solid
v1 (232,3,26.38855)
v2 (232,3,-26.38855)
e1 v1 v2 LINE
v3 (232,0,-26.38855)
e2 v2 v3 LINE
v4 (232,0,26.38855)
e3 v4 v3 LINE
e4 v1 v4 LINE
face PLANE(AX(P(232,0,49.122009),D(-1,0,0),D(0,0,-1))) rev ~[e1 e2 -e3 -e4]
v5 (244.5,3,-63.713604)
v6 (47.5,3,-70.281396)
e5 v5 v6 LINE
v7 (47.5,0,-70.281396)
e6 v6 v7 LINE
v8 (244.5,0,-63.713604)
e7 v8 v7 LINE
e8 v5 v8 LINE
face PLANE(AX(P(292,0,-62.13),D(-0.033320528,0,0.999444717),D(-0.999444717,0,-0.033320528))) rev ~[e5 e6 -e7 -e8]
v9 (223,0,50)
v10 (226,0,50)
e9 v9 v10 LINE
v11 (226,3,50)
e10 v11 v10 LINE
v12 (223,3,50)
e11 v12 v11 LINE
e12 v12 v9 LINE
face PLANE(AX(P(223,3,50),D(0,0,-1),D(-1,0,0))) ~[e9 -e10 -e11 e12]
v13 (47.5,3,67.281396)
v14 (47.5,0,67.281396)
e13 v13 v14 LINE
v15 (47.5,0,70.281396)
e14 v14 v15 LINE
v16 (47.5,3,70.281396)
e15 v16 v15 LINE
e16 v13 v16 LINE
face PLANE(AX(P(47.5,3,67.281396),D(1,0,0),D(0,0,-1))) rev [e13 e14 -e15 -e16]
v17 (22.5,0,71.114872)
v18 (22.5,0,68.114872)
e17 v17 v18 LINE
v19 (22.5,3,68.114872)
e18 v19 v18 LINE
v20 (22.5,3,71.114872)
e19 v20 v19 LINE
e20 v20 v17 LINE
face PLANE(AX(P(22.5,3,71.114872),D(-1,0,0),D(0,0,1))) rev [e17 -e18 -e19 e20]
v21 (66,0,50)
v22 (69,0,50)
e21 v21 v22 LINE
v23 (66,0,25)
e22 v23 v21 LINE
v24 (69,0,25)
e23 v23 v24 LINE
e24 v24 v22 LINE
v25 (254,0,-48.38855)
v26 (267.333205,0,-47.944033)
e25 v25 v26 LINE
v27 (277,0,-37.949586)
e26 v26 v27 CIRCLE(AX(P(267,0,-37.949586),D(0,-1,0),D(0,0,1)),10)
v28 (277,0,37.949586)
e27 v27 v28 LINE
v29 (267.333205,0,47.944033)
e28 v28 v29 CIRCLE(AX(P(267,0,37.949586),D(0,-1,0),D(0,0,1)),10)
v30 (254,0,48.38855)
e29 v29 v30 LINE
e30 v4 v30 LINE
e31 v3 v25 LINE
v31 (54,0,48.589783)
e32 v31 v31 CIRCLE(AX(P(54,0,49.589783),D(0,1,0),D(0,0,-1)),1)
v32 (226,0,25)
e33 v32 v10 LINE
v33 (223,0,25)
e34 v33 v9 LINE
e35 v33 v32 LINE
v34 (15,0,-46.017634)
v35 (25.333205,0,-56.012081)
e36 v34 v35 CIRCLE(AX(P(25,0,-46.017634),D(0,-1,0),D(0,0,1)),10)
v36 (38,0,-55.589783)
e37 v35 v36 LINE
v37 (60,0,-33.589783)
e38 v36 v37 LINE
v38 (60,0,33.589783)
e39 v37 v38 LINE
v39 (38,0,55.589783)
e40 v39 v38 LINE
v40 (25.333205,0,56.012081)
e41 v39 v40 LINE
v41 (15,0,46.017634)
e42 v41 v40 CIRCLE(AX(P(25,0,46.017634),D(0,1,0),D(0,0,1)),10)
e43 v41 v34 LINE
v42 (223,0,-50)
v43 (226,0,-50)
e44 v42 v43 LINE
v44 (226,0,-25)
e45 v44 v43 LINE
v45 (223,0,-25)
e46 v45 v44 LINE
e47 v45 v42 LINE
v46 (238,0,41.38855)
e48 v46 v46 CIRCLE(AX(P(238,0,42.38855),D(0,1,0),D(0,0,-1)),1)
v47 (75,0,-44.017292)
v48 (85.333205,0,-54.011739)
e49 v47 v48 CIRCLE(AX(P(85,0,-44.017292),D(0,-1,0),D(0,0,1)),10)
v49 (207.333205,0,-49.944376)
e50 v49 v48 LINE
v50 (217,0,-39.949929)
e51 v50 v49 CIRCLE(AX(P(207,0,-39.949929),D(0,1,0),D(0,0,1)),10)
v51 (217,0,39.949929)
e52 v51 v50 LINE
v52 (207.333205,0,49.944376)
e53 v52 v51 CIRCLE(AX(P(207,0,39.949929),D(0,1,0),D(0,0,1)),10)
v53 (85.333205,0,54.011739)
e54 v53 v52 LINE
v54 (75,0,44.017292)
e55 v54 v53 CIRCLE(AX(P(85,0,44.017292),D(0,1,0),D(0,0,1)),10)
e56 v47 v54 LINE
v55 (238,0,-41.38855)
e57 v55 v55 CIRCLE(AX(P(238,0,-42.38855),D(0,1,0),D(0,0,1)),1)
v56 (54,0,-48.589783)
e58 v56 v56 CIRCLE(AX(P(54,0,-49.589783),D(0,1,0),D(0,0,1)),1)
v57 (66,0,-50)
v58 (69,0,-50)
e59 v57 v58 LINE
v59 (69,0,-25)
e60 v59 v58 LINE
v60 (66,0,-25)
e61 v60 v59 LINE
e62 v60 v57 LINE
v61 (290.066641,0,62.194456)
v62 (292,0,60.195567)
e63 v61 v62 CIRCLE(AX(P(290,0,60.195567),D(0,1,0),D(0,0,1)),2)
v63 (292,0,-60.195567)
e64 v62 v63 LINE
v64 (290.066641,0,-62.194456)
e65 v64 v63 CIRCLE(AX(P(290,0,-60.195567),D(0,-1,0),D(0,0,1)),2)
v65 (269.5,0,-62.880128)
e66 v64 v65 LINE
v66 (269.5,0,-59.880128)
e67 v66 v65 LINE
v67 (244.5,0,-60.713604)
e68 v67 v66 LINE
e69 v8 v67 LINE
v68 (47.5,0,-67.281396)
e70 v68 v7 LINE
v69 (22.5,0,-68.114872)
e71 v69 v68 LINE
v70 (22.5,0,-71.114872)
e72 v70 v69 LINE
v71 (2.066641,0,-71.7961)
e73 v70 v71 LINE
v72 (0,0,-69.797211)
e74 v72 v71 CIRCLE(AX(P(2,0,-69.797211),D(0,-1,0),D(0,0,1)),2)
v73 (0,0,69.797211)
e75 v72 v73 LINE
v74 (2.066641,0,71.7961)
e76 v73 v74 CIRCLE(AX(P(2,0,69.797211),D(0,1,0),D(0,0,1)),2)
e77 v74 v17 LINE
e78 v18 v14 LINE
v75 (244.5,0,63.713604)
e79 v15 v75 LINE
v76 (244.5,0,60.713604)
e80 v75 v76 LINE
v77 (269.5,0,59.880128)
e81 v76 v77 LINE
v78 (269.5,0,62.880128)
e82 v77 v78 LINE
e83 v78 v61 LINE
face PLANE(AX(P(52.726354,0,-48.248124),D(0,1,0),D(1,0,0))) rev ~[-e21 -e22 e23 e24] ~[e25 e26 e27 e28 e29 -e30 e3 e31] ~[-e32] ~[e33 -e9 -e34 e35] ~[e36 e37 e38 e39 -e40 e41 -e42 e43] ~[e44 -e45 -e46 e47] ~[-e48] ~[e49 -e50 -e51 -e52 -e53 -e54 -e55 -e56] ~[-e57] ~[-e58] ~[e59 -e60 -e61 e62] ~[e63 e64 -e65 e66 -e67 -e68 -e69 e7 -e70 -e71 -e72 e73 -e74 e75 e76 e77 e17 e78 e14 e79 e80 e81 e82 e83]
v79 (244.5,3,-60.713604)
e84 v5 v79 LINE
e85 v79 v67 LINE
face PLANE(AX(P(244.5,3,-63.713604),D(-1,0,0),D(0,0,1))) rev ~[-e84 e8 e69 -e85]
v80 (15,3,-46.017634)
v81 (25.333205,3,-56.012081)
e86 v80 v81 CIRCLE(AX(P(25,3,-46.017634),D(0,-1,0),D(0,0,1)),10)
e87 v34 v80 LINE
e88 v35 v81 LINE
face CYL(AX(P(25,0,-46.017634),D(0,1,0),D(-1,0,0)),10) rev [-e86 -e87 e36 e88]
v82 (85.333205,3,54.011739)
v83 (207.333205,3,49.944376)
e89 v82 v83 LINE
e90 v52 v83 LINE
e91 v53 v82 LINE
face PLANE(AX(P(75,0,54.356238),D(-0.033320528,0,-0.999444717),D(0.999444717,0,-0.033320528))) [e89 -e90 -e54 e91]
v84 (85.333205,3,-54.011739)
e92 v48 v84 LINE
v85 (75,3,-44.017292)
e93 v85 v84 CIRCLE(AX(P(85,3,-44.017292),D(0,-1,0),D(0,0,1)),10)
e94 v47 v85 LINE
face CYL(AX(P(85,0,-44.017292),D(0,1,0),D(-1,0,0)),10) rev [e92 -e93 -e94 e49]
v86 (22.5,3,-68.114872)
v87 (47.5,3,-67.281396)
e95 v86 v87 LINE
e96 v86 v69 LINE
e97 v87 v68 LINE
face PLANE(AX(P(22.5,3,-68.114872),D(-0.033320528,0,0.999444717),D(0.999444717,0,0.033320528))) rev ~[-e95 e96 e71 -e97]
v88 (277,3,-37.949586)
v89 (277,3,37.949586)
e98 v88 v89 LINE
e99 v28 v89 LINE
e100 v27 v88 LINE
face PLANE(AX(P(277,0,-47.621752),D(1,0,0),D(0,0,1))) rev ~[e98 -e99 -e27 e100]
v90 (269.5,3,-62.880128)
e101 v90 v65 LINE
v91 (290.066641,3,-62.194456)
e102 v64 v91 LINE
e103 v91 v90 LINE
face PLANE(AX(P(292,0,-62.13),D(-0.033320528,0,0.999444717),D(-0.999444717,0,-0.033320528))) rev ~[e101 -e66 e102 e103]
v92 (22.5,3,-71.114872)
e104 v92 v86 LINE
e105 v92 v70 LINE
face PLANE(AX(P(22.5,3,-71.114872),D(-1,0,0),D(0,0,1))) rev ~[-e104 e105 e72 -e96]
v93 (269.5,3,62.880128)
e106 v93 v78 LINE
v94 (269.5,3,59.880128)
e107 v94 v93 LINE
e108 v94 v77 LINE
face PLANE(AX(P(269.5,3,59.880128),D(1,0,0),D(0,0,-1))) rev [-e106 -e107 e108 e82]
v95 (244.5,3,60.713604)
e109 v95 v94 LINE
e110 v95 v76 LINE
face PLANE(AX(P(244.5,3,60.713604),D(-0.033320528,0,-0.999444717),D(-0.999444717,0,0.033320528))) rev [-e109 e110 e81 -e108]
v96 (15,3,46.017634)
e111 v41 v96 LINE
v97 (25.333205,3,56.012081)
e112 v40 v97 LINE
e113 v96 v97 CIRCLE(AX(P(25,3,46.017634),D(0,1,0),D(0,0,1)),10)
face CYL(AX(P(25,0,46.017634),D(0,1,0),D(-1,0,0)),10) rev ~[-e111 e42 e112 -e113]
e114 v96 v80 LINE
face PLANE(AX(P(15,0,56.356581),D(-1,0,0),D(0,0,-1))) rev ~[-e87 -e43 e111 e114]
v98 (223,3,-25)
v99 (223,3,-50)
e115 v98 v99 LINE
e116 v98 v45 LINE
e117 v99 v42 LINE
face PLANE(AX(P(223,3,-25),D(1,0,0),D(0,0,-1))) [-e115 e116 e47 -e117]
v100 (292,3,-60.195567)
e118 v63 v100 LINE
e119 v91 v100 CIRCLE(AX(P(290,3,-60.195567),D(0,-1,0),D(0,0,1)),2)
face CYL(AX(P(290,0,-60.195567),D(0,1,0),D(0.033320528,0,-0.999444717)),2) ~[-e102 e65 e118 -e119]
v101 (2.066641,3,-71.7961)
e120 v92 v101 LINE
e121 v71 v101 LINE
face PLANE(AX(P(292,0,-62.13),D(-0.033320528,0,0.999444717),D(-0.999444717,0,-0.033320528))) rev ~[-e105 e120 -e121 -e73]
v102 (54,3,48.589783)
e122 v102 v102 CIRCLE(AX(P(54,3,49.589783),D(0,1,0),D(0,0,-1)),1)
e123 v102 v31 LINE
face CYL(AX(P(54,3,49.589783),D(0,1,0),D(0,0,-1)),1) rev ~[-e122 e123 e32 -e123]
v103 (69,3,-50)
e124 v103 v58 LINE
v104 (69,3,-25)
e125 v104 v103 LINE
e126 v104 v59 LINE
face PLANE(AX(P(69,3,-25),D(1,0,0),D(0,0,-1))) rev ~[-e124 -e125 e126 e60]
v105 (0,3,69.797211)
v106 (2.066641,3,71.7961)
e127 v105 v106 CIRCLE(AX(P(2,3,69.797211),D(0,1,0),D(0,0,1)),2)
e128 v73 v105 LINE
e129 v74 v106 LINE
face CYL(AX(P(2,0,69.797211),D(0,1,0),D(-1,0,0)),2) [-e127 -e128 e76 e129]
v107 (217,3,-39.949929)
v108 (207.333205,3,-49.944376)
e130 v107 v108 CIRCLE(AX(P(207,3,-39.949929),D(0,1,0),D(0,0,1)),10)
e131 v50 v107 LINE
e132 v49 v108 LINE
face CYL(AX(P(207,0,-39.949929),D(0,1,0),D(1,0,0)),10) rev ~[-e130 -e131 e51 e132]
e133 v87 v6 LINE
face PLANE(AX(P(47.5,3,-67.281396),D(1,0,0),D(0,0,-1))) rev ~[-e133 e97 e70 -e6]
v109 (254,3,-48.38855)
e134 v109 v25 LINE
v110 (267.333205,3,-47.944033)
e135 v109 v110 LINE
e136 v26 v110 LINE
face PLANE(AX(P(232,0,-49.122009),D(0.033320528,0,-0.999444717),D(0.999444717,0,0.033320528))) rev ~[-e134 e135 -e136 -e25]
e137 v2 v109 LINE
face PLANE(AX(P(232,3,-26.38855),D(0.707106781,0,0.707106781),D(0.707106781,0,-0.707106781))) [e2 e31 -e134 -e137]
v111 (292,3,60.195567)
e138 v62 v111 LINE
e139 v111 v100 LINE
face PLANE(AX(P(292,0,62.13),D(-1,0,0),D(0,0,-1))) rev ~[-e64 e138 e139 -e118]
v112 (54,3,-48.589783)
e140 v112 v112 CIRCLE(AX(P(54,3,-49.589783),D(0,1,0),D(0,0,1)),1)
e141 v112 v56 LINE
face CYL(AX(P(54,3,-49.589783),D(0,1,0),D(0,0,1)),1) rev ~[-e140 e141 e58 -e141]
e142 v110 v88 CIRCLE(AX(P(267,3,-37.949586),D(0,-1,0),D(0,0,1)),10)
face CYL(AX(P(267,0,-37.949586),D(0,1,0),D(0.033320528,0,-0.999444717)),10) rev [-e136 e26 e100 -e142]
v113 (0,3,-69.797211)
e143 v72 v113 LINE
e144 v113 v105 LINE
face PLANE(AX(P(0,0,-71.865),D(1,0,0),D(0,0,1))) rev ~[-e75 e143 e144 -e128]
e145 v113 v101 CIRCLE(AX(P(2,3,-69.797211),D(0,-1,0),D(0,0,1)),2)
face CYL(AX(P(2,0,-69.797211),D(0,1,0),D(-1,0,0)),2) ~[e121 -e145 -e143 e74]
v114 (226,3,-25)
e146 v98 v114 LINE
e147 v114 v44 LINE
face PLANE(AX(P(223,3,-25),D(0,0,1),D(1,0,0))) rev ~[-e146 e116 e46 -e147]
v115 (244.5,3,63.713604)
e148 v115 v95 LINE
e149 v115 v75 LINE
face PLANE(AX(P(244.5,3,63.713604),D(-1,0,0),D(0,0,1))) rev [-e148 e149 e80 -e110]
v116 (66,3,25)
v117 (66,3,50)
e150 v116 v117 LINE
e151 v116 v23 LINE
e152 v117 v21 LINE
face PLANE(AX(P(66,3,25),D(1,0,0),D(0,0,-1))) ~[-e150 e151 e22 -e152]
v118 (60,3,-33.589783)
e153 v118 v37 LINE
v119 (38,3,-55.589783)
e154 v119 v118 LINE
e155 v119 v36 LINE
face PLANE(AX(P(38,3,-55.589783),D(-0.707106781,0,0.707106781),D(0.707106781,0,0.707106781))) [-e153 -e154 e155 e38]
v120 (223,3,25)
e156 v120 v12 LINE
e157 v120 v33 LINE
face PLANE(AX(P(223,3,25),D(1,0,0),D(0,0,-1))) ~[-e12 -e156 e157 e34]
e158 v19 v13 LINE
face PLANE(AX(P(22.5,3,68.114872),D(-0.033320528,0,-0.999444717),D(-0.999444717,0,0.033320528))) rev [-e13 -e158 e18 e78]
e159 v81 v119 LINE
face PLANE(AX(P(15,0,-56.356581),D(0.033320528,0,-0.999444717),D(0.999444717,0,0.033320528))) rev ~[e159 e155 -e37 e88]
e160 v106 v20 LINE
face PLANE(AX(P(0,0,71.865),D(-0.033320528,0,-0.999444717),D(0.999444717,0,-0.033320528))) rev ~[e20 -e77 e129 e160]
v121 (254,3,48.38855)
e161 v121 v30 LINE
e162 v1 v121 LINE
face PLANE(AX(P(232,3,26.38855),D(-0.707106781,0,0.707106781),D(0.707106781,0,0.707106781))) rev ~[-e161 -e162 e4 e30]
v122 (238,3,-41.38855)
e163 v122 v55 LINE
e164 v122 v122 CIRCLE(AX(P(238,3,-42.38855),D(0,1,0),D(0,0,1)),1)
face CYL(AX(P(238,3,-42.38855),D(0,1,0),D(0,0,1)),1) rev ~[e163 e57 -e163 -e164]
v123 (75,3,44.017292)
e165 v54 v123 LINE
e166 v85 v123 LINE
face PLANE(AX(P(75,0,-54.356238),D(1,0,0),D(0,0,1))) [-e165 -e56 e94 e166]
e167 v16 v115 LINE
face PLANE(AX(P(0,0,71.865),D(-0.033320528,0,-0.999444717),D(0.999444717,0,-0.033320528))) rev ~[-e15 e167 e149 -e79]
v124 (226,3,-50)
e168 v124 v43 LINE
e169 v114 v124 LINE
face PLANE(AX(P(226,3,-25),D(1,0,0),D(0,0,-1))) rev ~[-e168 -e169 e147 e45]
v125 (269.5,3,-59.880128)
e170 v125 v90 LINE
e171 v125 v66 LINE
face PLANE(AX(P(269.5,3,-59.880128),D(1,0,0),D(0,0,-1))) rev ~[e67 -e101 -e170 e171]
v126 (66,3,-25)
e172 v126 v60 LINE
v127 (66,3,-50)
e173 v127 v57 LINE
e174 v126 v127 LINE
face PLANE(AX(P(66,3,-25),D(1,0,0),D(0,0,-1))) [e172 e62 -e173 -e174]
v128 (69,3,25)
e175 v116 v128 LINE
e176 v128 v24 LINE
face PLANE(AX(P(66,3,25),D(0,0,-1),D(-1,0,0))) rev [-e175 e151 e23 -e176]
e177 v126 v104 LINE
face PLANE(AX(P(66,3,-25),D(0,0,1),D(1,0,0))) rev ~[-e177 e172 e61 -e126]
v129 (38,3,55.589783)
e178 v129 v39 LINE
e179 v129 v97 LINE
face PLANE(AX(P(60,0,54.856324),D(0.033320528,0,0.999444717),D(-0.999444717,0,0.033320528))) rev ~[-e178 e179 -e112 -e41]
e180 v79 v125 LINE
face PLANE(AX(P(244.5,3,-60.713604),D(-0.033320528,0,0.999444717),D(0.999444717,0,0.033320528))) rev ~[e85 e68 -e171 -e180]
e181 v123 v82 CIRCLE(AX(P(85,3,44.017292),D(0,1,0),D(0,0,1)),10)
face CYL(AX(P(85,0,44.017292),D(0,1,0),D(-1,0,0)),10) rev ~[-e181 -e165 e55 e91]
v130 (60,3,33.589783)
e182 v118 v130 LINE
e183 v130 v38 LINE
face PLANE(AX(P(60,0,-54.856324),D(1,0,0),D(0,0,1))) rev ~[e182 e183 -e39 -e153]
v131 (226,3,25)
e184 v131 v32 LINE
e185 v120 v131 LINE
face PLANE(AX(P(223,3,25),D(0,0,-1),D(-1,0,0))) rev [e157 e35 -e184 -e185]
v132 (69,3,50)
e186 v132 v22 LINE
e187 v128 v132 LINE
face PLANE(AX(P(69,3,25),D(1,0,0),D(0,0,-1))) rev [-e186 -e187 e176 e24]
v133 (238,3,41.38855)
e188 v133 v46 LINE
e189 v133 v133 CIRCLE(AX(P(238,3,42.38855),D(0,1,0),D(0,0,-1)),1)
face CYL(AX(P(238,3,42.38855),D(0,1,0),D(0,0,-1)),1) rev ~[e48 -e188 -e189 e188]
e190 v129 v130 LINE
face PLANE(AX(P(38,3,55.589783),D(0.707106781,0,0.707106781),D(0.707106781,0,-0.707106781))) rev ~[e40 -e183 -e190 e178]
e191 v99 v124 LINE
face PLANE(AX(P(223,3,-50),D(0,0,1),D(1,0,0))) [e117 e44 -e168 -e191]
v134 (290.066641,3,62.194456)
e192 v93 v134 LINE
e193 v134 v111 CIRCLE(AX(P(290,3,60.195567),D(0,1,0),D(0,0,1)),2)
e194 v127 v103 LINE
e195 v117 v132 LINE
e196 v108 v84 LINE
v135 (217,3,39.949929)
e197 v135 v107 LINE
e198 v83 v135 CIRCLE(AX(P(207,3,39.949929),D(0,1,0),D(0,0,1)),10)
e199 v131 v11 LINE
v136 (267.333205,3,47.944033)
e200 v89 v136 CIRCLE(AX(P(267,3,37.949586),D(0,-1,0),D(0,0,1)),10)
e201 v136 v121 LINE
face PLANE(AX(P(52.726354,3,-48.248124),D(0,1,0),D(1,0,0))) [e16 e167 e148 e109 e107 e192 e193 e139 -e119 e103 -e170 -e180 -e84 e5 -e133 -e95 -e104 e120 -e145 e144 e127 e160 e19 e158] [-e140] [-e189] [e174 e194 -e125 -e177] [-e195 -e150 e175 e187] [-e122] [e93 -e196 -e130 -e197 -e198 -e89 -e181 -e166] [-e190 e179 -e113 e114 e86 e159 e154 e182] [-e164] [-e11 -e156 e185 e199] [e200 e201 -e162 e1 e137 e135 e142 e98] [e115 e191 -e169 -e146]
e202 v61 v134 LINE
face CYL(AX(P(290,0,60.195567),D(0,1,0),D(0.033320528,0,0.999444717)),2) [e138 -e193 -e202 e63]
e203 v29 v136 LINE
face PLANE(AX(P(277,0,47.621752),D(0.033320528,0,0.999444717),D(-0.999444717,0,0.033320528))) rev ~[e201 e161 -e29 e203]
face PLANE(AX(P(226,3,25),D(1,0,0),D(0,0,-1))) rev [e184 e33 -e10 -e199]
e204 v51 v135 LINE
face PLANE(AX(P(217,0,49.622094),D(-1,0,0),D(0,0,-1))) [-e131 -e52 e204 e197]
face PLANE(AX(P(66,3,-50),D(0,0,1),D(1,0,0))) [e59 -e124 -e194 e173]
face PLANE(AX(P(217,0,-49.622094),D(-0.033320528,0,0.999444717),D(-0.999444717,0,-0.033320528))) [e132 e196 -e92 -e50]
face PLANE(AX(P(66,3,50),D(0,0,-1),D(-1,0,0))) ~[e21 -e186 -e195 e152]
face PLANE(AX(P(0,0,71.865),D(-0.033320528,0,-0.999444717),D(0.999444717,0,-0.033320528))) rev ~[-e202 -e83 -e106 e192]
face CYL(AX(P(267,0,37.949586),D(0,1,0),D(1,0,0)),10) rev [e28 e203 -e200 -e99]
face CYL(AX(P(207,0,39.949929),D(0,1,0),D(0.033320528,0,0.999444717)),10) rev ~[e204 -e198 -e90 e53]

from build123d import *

# Parameters (mm, degrees)
BOSS_EXTRUDE1_DEPTH = 3
FILLET1_R           = 2
FILLET2_R           = 10
SKETCH2_W           = 3
SKETCH2_H           = 25
CUT_EXTRUDE1_DEPTH  = 10
SKETCH3_R           = 1
BOSS_EXTRUDE2_DEPTH = 3


with BuildPart() as part:
    # Sketch1 → Boss-Extrude1 (new body)
    with BuildSketch(Plane(origin=(0, 0, 0), x_dir=(1, 0, 0), z_dir=(0, 1, 0))):
        Polygon((0, 71.865), (0, -71.865), (292, -62.13), (292, 62.13), align=None)
        Polygon((15, 56.356580511), (60, 54.856323662), (60, -54.856323662), (15, -56.356580511), align=None, mode=Mode.SUBTRACT)
        Polygon((277, 47.621751744), (277, -47.621751744), (232, -49.122008593), (232, 49.122008593), align=None, mode=Mode.SUBTRACT)
        Polygon((75, 54.356238045), (75, -54.356238045), (217, -49.62209421), (217, 49.62209421), align=None, mode=Mode.SUBTRACT)
    extrude(amount=BOSS_EXTRUDE1_DEPTH)

    # Fillet1
    fillet1_edges = [part.edges().sort_by_distance(p)[0] for p in [
        (0, 1.5, 71.865),
        (0, 1.5, -71.865),
        (292, 1.5, -62.13),
        (292, 1.5, 62.13),
    ]]
    fillet(fillet1_edges, radius=FILLET1_R)

    # Fillet2
    fillet2_edges = [part.edges().sort_by_distance(p)[0] for p in [
        (217, 1.5, -49.62209421),
        (75, 1.5, -54.356238045),
        (75, 1.5, 54.356238045),
        (217, 1.5, 49.62209421),
        (15, 1.5, -56.356580511),
        (15, 1.5, 56.356580511),
        (60, 1.5, 54.856323662),
        (60, 1.5, -54.856323662),
        (277, 1.5, -47.621751744),
        (232, 1.5, -49.122008593),
        (232, 1.5, 49.122008593),
        (277, 1.5, 47.621751744),
    ]]
    fillet(fillet2_edges, radius=FILLET2_R)

    # Sketch2 → Cut-Extrude1 (cut)
    with BuildSketch(Plane(origin=(0, 3, 0), x_dir=(1, 0, 0), z_dir=(0, 1, 0))):
        Polygon((47.5, 70.281395548), (22.5, 71.114871575), (22.5, 68.114871575), (47.5, 67.281395548), align=None)
        Polygon((269.5, 62.880128425), (244.5, 63.713604452), (244.5, 60.713604452), (269.5, 59.880128425), align=None)
        with Locations((67.5, 37.5)):
            Rectangle(SKETCH2_W, SKETCH2_H)
        with Locations((224.5, 37.5)):
            Rectangle(SKETCH2_W, SKETCH2_H)
    cut_extrude1 = extrude(amount=-CUT_EXTRUDE1_DEPTH, mode=Mode.SUBTRACT)

    # Mirror1: Cut-Extrude1 across plane
    add(cut_extrude1.mirror(Plane.XY), mode=Mode.SUBTRACT)

    # Sketch3 → Boss-Extrude2 (add)
    with BuildSketch(Plane(origin=(0, 3, 0), x_dir=(1, 0, 0), z_dir=(0, 1, 0))):
        Polygon((38, 55.589782566), (60, 33.589782566), (61.509816897, 56.691838505), align=None)
        with Locations(Location((54, 49.589782566, 0), (0, 0, 270))):
            Circle(SKETCH3_R, mode=Mode.SUBTRACT)
        Polygon((232, 26.388549689), (254, 48.388549689), (229.701692371, 51.044206748), align=None)
        with Locations(Location((238, 42.388549689, 0), (0, 0, 270))):
            Circle(SKETCH3_R, mode=Mode.SUBTRACT)
        Polygon((254, -48.388549689), (229.701692371, -51.044206748), (232, -26.388549689), align=None)
        with Locations(Location((238, -42.388549689, 0), (0, 0, 90))):
            Circle(SKETCH3_R, mode=Mode.SUBTRACT)
        Polygon((60, -33.589782566), (61.509816897, -56.691838505), (38, -55.589782566), align=None)
        with Locations(Location((54, -49.589782566, 0), (0, 0, 90))):
            Circle(SKETCH3_R, mode=Mode.SUBTRACT)
    extrude(amount=-BOSS_EXTRUDE2_DEPTH)


solid = part.part
